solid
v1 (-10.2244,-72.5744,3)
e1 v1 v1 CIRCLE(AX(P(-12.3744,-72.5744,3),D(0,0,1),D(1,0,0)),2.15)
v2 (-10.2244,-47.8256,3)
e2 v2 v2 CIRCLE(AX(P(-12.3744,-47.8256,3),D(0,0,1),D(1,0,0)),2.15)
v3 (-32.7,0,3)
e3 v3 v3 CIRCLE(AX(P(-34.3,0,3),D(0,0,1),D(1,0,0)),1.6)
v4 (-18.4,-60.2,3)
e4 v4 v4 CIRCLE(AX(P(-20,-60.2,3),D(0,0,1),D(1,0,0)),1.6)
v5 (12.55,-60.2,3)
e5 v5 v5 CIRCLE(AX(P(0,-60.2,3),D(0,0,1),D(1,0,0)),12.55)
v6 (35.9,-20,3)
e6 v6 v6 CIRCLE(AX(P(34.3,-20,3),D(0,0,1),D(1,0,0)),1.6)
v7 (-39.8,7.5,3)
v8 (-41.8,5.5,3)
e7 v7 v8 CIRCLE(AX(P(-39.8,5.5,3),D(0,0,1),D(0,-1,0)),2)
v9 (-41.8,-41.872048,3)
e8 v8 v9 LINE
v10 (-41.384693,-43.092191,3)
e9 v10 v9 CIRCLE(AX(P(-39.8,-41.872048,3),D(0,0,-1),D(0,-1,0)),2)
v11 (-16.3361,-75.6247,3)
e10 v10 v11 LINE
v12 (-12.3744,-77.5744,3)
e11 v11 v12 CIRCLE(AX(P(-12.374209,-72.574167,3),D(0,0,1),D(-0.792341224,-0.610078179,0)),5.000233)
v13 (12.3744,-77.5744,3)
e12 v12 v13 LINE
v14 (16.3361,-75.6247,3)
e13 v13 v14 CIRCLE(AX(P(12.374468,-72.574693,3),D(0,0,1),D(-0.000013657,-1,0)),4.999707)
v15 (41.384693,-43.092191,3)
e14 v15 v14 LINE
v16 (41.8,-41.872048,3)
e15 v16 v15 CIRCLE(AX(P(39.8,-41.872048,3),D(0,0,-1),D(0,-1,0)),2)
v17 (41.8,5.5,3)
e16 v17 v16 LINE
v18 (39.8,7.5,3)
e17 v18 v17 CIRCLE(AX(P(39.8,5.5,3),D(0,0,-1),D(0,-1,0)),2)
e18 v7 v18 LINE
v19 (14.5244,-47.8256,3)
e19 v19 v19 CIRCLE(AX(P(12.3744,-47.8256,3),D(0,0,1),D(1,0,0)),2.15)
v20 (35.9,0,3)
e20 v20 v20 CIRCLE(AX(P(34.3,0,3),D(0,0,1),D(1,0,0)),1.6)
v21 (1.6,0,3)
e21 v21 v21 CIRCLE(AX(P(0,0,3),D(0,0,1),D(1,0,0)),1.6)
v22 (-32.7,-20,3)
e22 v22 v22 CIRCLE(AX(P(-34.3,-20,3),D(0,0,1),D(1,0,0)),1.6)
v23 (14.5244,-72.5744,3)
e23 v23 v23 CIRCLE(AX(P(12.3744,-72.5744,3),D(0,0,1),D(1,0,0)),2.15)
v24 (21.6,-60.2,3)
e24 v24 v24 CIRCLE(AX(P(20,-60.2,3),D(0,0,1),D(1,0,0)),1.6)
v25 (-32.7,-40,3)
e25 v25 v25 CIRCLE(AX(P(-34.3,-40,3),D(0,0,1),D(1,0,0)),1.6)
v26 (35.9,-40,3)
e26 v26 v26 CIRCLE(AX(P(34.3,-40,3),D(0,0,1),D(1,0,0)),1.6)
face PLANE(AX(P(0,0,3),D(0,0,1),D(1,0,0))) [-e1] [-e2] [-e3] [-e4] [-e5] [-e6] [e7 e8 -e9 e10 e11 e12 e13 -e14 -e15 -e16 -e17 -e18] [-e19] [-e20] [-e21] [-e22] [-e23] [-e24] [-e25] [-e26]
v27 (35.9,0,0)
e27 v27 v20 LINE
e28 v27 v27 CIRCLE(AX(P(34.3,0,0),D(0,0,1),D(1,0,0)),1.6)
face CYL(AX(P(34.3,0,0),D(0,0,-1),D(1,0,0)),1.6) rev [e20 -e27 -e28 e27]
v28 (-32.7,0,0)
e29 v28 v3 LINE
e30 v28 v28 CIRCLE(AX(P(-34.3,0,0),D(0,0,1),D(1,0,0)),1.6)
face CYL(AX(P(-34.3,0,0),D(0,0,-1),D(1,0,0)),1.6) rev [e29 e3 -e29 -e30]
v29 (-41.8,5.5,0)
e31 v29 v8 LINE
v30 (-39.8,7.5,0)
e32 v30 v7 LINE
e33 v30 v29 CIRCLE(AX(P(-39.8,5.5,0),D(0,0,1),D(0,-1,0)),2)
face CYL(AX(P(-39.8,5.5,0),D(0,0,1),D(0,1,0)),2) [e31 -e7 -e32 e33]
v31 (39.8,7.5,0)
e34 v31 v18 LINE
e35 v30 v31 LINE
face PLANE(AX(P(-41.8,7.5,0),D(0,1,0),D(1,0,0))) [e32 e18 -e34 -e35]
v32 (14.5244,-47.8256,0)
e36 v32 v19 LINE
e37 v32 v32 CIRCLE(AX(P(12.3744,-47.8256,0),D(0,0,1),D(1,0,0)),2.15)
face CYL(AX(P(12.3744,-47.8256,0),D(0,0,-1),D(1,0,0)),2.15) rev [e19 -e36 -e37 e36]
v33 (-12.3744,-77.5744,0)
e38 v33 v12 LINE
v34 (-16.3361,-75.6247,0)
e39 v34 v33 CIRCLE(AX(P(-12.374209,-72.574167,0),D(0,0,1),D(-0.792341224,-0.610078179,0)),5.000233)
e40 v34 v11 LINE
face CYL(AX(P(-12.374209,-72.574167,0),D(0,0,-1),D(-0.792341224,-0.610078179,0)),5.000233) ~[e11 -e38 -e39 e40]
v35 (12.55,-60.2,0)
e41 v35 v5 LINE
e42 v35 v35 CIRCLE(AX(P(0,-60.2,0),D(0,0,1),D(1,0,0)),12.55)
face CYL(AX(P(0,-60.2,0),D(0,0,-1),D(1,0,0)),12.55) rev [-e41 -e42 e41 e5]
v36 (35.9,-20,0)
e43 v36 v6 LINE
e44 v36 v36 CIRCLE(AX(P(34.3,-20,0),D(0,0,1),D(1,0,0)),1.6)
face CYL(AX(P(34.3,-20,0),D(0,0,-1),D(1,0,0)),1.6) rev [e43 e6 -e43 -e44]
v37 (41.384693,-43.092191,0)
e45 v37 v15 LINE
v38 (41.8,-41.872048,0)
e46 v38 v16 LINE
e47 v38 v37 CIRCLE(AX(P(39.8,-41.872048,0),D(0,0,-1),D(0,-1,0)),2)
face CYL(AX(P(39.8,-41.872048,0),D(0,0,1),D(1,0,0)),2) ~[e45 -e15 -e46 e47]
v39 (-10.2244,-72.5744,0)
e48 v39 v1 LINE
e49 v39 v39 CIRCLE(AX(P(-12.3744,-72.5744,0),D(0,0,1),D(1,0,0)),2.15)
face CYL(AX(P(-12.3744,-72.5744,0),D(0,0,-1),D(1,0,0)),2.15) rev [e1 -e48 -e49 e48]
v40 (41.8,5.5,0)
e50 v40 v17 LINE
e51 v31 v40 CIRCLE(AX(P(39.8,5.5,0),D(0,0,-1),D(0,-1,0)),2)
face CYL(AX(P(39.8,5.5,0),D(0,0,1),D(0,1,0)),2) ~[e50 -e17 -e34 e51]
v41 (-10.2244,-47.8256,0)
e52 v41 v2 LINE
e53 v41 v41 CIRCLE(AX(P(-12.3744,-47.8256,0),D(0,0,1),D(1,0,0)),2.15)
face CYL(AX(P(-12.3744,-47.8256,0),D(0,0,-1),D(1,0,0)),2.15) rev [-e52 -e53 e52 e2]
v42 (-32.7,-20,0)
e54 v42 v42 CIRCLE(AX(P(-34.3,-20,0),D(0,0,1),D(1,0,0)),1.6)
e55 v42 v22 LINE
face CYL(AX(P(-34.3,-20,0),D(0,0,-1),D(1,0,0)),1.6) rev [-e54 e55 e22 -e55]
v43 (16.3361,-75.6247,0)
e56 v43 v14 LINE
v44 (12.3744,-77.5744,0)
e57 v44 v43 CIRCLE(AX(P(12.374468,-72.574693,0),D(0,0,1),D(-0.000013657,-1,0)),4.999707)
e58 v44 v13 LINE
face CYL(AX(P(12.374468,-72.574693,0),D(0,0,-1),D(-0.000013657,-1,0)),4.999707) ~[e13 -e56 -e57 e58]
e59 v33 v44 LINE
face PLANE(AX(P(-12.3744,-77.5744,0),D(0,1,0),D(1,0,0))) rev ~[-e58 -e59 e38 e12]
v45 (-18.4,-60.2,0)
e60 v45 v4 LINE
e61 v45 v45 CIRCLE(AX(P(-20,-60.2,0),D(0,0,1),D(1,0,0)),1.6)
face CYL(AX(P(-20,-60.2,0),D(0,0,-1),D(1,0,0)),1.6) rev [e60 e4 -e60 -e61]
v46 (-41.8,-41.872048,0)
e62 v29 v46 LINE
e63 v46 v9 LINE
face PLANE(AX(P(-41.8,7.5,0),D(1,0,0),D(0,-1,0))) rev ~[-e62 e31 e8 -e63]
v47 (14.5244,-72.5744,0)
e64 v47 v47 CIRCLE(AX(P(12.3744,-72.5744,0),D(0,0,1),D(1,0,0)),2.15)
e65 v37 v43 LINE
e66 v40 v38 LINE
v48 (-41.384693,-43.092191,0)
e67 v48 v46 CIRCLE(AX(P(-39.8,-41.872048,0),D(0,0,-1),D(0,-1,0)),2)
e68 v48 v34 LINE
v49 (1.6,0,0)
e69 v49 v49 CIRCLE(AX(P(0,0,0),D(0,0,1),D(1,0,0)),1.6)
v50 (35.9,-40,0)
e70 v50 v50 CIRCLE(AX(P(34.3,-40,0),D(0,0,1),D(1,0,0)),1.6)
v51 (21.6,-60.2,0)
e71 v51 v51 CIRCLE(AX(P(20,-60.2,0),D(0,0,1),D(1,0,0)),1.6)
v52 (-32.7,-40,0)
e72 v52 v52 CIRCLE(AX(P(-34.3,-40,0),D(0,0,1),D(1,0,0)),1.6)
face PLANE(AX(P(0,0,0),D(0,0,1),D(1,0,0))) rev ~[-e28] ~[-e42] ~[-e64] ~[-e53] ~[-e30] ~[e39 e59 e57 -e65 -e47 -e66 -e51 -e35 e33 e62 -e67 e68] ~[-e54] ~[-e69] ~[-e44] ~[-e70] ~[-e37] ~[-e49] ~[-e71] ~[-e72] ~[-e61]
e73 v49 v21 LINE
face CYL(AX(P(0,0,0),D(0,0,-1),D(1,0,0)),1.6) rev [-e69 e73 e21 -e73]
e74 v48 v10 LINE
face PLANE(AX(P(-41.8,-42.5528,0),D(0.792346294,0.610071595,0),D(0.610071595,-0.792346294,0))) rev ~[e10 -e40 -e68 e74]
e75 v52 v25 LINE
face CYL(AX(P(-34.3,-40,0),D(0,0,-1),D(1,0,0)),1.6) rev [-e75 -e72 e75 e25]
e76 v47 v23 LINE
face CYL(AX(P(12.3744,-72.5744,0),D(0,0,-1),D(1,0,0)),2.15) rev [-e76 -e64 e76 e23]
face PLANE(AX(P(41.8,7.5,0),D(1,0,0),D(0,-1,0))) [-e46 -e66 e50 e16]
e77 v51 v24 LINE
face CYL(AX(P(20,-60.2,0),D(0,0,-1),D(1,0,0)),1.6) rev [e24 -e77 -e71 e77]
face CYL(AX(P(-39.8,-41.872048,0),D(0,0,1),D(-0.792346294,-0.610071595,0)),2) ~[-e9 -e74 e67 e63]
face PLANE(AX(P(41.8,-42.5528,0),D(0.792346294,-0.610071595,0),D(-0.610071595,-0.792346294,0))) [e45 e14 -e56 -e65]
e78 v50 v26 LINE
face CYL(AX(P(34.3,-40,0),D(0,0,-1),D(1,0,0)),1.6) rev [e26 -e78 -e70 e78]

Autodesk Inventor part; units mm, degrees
ref_plane "YZ Plane" through (0, 0, 0) normal (1, 0, 0) x (0, 1, 0)
ref_plane "XZ Plane" through (0, 0, 0) normal (0, 1, 0) x (-1, 0, 0)
ref_plane "XY Plane" through (0, 0, 0) normal (0, 0, 1) x (1, 0, 0)
sketch "スケッチ1" plane through (0, 0, 0) normal (0, 0, 1) x (1, 0, 0)
  circle A0 centre (-34.3, -20) radius 1.6
  circle A1 centre (-34.3, 0) radius 1.6
  circle A2 centre (-34.3, -40) radius 1.6
  circle A3 centre (34.3, -20) radius 1.6
  circle A4 centre (34.3, 0) radius 1.6
  circle A5 centre (34.3, -40) radius 1.6
  circle A6 centre (0, 0) radius 1.6
  circle A7 centre (0, 0) radius 50 construction
  circle A8 centre (0, -60.2) radius 10 construction
  circle A9 centre (0, -60.2) radius 12.55
  circle A10 centre (-12.3744, -47.8256) radius 2.15
  circle A11 centre (-12.3744, -72.5744) radius 2.15
  circle A12 centre (12.3744, -72.5744) radius 2.15
  circle A13 centre (12.3744, -47.8256) radius 2.15
  line L0 (12.3744, -47.8256) -> (-12.3744, -47.8256) construction
  line L1 (-12.3744, -47.8256) -> (-12.3744, -72.5744) construction
  line L2 (-12.3744, -72.5744) -> (12.3744, -72.5744) construction
  line L3 (12.3744, -72.5744) -> (12.3744, -47.8256) construction
  line L4 (12.3744, -47.8256) -> (-12.3744, -72.5744) construction
  line L5 (-12.3744, -47.8256) -> (12.3744, -72.5744) construction
  line L6 (-41.8, 7.5) -> (41.8, 7.5)
  line L7 (41.8, 7.5) -> (41.8, -42.5528)
  line L8 (41.8, -42.5528) -> (16.3361, -75.6247)
  line L9 (-41.8, 7.5) -> (-41.8, -42.5528)
  line L10 (-41.8, -42.5528) -> (-16.3361, -75.6247)
  arc A14 (-16.3361, -75.6247) -> (-12.3744, -77.5744) centre (-12.3744, -72.5744) ccw
  arc A15 (12.3744, -77.5744) -> (16.3361, -75.6247) centre (12.3744, -72.5744) ccw
  line L11 (-12.3744, -77.5744) -> (12.3744, -77.5744)
  circle A16 centre (20, -60.2) radius 1.6
  circle A17 centre (-20, -60.2) radius 1.6
  dimension "d0" = 3.2
  dimension "d1" = 3.2
  dimension "d2" = 3.2
  dimension "d3" = 20
  dimension "d4" = 20
  dimension "d5" = 3.2
  dimension "d6" = 3.2
  dimension "d7" = 3.2
  dimension "d8" = 20
  dimension "d9" = 20
  dimension "d10" = 68.6
  dimension "d11" = 34.3
  dimension "d12" = 3.2
  dimension "d13" = 100
  dimension "d14" = 20
  dimension "d15" = 60.2
  dimension "d16" = 25.1
  dimension "d17" = 4.3
  dimension "d18" = 4.3
  dimension "d19" = 4.3
  dimension "d20" = 4.3
  dimension "d21" = 35
  dimension "d22" = 5
  dimension "d23" = 7.5
  dimension "d24" = 7.5
  dimension "d25" = 7.5
  dimension "d26" = 7.5
  dimension "d27" = 7.5
  dimension "d31" = 3.2
  dimension "d32" = 3.2
  dimension "d33" = 40
  dimension "d34" = 20
extrude "押し出し1" add sketch "スケッチ1" along normal blind 3
fillet "フィレット1" radius 2 4 edges at (-41.8, 7.5, 1.5) (41.8, 7.5, 1.5) (41.8, -42.5528, 1.5) (-41.8, -42.5528, 1.5)
equation "\"d11\" = 0.5 * d10"
properties part number "関節4_側板" material "アルミニウム 6061"
